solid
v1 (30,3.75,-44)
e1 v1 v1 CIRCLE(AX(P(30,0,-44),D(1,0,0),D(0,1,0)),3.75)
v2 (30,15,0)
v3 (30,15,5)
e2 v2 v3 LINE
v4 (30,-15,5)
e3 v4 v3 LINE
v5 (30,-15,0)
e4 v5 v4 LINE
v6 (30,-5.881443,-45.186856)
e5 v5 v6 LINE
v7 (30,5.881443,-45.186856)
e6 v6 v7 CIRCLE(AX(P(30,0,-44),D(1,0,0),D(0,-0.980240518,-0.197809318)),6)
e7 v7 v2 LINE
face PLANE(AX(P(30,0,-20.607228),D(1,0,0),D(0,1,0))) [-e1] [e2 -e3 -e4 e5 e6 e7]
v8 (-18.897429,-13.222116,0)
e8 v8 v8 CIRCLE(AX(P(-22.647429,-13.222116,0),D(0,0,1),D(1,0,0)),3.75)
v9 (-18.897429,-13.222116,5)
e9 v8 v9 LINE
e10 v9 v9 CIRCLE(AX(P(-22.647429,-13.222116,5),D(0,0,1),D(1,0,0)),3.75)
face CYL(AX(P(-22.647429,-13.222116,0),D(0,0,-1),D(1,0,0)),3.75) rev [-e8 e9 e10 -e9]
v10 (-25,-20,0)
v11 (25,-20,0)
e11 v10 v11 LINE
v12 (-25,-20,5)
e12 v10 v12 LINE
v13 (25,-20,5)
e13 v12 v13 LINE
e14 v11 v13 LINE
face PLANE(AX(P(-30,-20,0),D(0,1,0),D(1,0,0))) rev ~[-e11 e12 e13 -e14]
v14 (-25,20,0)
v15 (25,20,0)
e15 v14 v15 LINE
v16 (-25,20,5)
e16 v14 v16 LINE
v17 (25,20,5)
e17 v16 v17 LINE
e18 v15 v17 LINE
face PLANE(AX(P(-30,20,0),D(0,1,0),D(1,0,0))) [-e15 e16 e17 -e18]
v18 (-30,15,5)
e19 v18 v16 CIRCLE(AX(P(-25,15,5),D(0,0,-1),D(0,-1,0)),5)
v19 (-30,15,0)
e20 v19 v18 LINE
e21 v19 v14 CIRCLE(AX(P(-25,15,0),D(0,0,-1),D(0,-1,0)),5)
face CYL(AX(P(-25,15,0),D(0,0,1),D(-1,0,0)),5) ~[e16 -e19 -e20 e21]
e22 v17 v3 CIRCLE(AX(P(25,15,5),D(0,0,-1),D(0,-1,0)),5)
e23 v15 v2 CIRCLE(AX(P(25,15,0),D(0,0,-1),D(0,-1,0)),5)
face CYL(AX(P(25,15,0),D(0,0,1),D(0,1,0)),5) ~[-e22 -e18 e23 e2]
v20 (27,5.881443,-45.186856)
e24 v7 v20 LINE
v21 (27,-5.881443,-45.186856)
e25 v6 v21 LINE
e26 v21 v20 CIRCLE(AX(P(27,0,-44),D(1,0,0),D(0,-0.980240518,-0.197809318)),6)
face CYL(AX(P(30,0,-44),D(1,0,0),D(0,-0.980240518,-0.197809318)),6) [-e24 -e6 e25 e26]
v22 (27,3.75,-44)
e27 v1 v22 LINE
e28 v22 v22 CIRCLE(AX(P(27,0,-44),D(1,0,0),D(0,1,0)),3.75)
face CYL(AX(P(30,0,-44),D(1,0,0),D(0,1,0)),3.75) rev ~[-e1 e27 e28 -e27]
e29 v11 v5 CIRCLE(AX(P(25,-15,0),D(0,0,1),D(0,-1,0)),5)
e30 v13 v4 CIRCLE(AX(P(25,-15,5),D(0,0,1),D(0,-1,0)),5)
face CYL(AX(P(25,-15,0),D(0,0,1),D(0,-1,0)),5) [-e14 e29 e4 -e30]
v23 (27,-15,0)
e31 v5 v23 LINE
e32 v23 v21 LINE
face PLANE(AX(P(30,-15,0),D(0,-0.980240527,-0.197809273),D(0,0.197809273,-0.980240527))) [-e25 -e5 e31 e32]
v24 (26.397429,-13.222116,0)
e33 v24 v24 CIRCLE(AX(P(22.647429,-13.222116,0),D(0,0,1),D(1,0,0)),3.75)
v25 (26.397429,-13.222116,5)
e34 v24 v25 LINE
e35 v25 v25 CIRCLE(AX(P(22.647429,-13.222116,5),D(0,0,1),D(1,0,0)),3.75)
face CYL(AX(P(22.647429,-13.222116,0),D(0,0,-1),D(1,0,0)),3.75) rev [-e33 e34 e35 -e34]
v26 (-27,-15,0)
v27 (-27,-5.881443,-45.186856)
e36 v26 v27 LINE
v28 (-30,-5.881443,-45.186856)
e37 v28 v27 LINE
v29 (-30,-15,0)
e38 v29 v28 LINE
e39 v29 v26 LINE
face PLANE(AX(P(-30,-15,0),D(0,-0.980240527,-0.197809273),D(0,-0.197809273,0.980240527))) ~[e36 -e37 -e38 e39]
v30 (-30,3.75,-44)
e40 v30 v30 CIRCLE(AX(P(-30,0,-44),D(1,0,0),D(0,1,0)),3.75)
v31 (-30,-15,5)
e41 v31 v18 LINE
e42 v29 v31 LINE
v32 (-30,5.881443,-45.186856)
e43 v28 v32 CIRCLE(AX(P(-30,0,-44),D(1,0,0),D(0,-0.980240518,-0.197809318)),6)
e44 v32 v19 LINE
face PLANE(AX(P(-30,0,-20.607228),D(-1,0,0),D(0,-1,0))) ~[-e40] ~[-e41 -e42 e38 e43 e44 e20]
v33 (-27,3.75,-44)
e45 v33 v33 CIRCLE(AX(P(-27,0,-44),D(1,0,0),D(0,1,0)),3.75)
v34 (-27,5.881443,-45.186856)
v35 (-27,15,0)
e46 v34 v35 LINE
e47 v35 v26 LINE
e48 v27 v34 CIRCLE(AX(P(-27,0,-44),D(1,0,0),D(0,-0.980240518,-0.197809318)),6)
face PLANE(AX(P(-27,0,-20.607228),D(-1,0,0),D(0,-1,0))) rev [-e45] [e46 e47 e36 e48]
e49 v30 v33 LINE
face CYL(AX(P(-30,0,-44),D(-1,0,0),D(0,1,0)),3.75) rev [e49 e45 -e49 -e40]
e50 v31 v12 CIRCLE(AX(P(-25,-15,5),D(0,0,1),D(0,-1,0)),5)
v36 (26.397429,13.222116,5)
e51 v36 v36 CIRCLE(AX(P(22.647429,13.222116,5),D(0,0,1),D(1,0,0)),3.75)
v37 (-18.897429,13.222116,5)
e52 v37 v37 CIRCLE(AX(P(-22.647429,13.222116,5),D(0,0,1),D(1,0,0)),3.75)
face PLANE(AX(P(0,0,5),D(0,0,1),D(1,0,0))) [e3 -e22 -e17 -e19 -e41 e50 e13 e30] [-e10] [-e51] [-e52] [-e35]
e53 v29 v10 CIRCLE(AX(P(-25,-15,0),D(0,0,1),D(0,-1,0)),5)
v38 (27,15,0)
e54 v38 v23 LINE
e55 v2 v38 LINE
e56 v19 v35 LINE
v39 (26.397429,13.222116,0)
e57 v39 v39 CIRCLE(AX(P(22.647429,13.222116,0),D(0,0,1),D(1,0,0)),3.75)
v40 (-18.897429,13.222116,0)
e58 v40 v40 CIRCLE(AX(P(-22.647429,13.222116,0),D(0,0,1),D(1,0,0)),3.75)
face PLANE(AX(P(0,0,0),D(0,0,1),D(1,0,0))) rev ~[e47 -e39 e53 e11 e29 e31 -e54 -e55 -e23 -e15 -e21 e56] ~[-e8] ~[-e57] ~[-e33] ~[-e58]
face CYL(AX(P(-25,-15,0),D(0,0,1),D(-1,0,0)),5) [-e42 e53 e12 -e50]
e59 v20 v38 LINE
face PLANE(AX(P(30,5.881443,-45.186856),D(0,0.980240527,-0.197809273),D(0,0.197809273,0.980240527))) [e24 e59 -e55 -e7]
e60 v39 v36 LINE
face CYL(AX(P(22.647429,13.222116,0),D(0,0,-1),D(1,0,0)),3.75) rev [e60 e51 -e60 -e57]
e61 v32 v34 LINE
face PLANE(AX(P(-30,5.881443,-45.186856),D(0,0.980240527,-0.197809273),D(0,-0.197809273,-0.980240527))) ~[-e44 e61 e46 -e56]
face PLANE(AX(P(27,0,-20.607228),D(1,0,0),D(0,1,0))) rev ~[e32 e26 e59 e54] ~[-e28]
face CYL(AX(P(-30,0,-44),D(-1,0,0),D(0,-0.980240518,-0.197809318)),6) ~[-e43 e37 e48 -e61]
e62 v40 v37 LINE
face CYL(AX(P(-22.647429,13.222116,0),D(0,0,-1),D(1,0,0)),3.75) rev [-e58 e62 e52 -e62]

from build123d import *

# Parameters (mm, degrees)
F0_W     = 60
F0_H     = 40
F0_R     = 3.75
F1_DEPTH = 5
F2_R     = 5
F3_R     = 3.75
F4_DEPTH = 3


with BuildPart() as f1:
    # F0 (on Top) → F1 (new body)
    with BuildSketch(Plane.XY):
        Rectangle(F0_W, F0_H)
        with Locations((-22.647429, -13.222116)):
            Circle(F0_R, mode=Mode.SUBTRACT)
        with Locations((22.647429, -13.222116)):
            Circle(F0_R, mode=Mode.SUBTRACT)
        with Locations((-22.647429, 13.222116)):
            Circle(F0_R, mode=Mode.SUBTRACT)
        with Locations((22.647429, 13.222116)):
            Circle(F0_R, mode=Mode.SUBTRACT)
    extrude(amount=F1_DEPTH)

    # F2
    f2_edges = [f1.edges().sort_by_distance(p)[0] for p in [
        (-30, -20, 2.5),
        (30, -20, 2.5),
        (30, 20, 2.5),
        (-30, 20, 2.5),
    ]]
    fillet(f2_edges, radius=F2_R)

    # F3 (on face) → F4 (join)
    with BuildSketch(Plane.YZ.offset(30)):
        with BuildLine():
            Line((15, 0), (-15, 0))
            Line((-15, 0), (-5.881443, -45.186856))
            ThreePointArc((-5.881443, -45.186856), (0, -50), (5.881443, -45.186856))
            Line((5.881443, -45.186856), (15, 0))
        make_face()
        with Locations((0, -44)):
            Circle(F3_R, mode=Mode.SUBTRACT)
    extrude(amount=-F4_DEPTH)

    # F5: F1 across plane


with BuildPart() as f1_1:
    add(f1.part)
    add(f1.part.mirror(Plane.YZ))


solid = f1_1.part
